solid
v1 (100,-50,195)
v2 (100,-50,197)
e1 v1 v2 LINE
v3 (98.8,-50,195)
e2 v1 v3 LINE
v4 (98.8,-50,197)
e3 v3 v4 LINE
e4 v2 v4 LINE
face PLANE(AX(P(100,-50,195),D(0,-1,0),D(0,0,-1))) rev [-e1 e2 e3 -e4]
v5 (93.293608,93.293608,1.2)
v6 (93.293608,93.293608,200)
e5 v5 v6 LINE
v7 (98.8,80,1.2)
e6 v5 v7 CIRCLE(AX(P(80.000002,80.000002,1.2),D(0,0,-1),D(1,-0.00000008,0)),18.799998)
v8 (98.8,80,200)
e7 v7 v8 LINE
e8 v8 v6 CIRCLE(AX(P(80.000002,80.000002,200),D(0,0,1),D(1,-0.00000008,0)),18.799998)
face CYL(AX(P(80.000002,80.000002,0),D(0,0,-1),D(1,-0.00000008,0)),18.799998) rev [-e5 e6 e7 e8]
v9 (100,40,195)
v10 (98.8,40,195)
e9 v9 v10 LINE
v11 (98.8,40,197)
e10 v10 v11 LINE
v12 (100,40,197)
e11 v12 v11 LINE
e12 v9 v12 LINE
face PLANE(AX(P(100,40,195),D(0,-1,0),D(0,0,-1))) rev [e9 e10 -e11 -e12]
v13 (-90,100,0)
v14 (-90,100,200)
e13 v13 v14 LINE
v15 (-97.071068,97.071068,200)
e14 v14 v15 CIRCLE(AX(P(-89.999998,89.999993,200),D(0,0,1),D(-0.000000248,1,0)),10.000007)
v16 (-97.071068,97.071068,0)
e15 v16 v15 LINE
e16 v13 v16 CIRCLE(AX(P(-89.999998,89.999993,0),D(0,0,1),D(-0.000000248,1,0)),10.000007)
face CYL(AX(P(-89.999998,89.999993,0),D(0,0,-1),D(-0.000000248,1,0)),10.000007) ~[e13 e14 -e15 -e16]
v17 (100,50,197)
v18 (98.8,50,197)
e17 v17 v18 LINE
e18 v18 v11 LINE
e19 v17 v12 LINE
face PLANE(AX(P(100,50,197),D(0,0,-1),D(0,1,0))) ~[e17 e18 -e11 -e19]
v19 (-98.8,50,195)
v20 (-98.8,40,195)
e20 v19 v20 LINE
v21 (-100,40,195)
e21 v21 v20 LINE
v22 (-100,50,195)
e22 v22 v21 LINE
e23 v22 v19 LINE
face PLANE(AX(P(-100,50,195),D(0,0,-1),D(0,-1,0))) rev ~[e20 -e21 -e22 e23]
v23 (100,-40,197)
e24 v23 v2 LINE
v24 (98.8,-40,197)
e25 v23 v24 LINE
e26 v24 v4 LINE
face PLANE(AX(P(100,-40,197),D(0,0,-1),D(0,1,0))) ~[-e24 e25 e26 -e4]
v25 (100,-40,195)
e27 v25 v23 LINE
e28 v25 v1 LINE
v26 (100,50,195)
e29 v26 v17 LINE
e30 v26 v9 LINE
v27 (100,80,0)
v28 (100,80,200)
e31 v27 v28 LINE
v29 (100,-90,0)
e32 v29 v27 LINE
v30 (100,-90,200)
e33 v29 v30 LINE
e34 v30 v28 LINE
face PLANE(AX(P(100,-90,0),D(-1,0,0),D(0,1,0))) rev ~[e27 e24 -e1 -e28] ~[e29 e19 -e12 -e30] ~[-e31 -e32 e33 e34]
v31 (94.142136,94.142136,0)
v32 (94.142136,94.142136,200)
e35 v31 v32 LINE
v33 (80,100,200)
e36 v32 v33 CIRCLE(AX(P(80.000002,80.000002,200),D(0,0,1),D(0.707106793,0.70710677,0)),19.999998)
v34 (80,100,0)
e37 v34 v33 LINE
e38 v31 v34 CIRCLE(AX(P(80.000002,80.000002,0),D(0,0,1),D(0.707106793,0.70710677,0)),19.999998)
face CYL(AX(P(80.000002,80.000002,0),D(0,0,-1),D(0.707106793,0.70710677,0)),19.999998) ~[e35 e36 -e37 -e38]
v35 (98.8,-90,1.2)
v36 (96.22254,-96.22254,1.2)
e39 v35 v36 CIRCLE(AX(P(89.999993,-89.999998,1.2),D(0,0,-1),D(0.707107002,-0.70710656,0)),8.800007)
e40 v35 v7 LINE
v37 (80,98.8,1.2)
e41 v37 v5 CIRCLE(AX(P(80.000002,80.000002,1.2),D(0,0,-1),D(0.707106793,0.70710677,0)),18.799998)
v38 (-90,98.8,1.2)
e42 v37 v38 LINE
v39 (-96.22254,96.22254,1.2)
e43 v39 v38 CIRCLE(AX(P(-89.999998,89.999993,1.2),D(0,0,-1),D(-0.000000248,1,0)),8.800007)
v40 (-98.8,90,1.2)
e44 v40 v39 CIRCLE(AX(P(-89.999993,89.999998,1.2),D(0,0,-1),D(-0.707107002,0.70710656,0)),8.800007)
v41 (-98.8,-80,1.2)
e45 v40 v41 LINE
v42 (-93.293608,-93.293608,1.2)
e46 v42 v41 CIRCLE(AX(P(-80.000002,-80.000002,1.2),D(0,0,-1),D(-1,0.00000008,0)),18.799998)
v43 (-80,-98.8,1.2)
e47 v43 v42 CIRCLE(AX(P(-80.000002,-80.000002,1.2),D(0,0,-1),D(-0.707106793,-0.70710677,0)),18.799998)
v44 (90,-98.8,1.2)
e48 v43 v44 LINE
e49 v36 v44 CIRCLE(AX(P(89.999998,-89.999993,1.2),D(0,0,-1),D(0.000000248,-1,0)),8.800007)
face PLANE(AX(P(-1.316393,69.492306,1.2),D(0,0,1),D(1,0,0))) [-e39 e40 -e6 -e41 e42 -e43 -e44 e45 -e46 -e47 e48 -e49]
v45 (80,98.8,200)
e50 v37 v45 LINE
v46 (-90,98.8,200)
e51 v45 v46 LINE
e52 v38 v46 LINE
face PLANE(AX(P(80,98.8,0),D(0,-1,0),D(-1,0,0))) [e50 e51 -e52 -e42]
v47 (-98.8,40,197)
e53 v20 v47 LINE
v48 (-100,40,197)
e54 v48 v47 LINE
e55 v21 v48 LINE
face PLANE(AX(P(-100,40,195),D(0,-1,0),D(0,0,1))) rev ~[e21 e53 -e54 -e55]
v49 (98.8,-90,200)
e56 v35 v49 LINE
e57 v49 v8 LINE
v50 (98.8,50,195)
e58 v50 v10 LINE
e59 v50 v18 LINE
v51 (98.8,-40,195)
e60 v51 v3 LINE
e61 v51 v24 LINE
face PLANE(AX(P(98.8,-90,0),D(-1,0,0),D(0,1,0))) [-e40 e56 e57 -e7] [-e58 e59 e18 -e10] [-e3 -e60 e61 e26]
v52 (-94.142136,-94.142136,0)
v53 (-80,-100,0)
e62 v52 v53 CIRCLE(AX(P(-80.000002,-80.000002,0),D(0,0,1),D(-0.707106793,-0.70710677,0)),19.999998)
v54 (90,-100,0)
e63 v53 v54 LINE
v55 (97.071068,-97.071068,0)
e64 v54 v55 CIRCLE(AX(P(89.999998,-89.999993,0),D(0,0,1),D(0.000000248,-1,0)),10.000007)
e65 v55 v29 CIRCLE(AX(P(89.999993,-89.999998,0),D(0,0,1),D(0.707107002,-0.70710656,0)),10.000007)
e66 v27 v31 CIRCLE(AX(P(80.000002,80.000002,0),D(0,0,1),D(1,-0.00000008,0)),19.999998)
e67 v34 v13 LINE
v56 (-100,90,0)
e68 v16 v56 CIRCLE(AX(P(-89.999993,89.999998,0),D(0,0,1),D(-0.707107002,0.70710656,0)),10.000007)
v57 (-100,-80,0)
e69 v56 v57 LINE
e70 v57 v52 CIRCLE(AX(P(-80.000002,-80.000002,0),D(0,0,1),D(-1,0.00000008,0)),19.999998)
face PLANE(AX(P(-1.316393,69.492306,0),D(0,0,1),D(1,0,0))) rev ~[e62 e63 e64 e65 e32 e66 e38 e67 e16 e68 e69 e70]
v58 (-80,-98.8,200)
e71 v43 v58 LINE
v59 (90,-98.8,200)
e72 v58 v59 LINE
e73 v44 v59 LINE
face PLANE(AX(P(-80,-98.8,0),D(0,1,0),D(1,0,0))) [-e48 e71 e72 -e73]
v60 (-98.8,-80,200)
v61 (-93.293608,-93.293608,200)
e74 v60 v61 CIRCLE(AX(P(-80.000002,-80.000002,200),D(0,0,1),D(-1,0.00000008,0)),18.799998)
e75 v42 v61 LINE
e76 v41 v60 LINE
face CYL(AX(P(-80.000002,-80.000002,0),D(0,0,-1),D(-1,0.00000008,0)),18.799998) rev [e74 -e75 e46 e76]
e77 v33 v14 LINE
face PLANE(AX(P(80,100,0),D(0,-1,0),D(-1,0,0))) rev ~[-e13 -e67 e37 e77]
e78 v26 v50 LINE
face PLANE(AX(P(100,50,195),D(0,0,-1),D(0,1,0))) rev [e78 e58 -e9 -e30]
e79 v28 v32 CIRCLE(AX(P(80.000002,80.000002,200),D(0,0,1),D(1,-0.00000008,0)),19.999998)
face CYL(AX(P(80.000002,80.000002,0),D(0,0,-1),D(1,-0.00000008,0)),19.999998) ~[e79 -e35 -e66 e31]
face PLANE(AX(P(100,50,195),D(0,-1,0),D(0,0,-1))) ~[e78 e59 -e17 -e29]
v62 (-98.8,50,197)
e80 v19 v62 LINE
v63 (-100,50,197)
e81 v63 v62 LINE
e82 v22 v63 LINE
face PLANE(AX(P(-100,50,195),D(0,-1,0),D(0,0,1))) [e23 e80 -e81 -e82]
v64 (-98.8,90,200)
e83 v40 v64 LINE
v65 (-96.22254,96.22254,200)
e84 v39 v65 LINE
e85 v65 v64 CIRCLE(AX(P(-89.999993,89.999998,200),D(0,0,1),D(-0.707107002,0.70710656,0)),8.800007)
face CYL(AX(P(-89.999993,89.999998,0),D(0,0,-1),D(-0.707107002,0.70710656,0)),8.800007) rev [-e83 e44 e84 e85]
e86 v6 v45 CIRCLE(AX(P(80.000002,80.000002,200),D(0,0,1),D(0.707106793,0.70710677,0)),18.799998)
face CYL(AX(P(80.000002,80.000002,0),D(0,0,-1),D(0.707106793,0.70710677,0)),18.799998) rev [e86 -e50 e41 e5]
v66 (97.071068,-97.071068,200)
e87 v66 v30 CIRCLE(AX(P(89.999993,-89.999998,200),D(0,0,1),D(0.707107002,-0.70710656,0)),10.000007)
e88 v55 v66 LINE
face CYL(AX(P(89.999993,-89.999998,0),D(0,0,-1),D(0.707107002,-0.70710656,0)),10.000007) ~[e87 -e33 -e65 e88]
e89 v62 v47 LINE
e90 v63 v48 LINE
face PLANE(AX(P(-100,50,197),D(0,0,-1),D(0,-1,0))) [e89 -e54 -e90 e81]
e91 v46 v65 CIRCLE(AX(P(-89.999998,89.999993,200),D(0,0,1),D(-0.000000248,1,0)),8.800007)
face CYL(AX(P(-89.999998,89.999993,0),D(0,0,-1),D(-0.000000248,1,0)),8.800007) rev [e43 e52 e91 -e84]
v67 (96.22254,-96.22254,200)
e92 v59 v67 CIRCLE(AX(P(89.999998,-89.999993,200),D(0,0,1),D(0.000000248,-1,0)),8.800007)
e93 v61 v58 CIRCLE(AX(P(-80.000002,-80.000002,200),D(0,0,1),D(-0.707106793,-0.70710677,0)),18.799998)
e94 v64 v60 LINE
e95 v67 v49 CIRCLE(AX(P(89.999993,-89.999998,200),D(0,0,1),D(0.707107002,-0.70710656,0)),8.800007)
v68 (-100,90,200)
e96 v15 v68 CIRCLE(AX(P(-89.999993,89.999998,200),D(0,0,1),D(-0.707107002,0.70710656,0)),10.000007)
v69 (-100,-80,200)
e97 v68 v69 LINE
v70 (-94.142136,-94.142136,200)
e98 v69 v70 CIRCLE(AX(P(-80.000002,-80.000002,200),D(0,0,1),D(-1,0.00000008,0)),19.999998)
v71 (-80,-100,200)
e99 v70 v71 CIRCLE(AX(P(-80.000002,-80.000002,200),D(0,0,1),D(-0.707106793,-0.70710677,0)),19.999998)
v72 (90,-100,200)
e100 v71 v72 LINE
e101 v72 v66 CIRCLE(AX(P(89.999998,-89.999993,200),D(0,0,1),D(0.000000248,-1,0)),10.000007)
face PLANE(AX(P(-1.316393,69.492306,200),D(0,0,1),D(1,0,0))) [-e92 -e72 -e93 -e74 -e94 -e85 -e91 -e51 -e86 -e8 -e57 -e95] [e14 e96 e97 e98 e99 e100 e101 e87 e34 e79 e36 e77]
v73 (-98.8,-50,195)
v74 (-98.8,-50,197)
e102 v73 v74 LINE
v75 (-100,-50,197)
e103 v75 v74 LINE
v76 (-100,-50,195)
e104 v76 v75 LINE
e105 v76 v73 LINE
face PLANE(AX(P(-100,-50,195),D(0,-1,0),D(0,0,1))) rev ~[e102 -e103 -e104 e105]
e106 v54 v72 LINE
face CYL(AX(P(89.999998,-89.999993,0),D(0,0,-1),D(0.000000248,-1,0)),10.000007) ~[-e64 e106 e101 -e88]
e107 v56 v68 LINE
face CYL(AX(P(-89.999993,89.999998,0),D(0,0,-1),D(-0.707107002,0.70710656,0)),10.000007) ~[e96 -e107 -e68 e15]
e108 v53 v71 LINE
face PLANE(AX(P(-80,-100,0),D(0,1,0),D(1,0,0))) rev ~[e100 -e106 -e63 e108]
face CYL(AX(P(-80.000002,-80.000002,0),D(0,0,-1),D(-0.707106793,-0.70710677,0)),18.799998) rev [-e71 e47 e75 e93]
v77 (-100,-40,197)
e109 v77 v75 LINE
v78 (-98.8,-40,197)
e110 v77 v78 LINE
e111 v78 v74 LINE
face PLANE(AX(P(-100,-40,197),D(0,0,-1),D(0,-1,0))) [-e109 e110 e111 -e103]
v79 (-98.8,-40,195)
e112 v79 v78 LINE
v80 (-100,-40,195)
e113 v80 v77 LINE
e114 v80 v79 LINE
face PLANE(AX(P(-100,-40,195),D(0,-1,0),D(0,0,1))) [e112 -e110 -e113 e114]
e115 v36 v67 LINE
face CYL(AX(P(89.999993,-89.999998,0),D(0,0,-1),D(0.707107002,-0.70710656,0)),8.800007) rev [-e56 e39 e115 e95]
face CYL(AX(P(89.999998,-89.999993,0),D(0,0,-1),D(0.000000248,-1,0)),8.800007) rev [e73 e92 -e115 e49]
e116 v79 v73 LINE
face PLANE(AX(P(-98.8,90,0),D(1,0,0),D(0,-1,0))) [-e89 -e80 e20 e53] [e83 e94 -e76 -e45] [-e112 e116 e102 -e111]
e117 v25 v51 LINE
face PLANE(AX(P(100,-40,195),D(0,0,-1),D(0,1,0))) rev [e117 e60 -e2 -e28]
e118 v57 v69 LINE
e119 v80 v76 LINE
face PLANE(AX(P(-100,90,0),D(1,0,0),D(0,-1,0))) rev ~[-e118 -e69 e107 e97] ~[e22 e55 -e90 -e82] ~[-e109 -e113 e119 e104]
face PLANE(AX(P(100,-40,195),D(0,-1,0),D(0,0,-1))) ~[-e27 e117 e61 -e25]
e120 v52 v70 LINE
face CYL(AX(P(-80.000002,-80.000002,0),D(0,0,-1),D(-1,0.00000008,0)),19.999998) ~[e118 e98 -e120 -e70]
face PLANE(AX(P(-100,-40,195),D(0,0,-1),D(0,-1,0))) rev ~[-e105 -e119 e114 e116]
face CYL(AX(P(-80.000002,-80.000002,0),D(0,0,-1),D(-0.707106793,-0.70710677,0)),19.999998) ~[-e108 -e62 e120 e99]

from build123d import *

# Parameters (mm, degrees)
F1_DEPTH = 200
F2_T     = -1.2
F3_W     = 10
F3_H     = 2
F4_DEPTH = 1.2


with BuildPart() as f1:
    # F0 (on Top) → F1 (new body)
    with BuildSketch(Plane.XY):
        with BuildLine():
            Line((80, 100), (-90, 100))
            ThreePointArc((-90, 100), (-93.826834, 99.238795), (-97.071068, 97.071068))
            Line((-97.071068, 97.071068), (0, 0))
            Line((0, 0), (94.142136, 94.142136))
            ThreePointArc((94.142136, 94.142136), (87.653669, 98.477591), (80, 100))
        make_face()
        with BuildLine():
            ThreePointArc((100, 80), (98.477591, 87.653669), (94.142136, 94.142136))
            Line((94.142136, 94.142136), (0, 0))
            Line((0, 0), (97.071068, -97.071068))
            ThreePointArc((97.071068, -97.071068), (99.238795, -93.826834), (100, -90))
            Line((100, -90), (100, 80))
        make_face()
        with BuildLine():
            Line((97.071068, -97.071068), (0, 0))
            Line((0, 0), (-94.142136, -94.142136))
            ThreePointArc((-94.142136, -94.142136), (-87.653669, -98.477591), (-80, -100))
            Line((-80, -100), (90, -100))
            ThreePointArc((90, -100), (93.826834, -99.238795), (97.071068, -97.071068))
        make_face()
        with BuildLine():
            Line((0, 0), (-97.071068, 97.071068))
            ThreePointArc((-97.071068, 97.071068), (-99.238795, 93.826834), (-100, 90))
            Line((-100, 90), (-100, -80))
            ThreePointArc((-100, -80), (-98.477591, -87.653669), (-94.142136, -94.142136))
            Line((-94.142136, -94.142136), (0, 0))
        make_face()
    extrude(amount=F1_DEPTH)

    # F2
    f2_openings = [f1.faces().sort_by_distance(p)[0] for p in [
        (0, 0, 200),
    ]]
    offset(amount=F2_T, openings=f2_openings)


with BuildPart() as f4:
    # F3 (on face) → F4 (new body, through all)
    with BuildSketch(Plane(origin=(-100, 0, 0), x_dir=(0, -1, 0), z_dir=(-1, 0, 0))):
        with Locations((-45, 196)):
            Rectangle(F3_W, F3_H)
        with Locations((45, 196)):
            Rectangle(F3_W, F3_H)
    extrude(amount=-F4_DEPTH)


with BuildPart() as f5_1:
    # F5: instance of F4
    add(f4.part.mirror(Plane.YZ))


with BuildPart() as f1_1:
    add(f1.part)

    # F6: cut F4, F5_1
    add(f4.part, mode=Mode.SUBTRACT)
    add(f5_1.part, mode=Mode.SUBTRACT)


solid = f1_1.part
